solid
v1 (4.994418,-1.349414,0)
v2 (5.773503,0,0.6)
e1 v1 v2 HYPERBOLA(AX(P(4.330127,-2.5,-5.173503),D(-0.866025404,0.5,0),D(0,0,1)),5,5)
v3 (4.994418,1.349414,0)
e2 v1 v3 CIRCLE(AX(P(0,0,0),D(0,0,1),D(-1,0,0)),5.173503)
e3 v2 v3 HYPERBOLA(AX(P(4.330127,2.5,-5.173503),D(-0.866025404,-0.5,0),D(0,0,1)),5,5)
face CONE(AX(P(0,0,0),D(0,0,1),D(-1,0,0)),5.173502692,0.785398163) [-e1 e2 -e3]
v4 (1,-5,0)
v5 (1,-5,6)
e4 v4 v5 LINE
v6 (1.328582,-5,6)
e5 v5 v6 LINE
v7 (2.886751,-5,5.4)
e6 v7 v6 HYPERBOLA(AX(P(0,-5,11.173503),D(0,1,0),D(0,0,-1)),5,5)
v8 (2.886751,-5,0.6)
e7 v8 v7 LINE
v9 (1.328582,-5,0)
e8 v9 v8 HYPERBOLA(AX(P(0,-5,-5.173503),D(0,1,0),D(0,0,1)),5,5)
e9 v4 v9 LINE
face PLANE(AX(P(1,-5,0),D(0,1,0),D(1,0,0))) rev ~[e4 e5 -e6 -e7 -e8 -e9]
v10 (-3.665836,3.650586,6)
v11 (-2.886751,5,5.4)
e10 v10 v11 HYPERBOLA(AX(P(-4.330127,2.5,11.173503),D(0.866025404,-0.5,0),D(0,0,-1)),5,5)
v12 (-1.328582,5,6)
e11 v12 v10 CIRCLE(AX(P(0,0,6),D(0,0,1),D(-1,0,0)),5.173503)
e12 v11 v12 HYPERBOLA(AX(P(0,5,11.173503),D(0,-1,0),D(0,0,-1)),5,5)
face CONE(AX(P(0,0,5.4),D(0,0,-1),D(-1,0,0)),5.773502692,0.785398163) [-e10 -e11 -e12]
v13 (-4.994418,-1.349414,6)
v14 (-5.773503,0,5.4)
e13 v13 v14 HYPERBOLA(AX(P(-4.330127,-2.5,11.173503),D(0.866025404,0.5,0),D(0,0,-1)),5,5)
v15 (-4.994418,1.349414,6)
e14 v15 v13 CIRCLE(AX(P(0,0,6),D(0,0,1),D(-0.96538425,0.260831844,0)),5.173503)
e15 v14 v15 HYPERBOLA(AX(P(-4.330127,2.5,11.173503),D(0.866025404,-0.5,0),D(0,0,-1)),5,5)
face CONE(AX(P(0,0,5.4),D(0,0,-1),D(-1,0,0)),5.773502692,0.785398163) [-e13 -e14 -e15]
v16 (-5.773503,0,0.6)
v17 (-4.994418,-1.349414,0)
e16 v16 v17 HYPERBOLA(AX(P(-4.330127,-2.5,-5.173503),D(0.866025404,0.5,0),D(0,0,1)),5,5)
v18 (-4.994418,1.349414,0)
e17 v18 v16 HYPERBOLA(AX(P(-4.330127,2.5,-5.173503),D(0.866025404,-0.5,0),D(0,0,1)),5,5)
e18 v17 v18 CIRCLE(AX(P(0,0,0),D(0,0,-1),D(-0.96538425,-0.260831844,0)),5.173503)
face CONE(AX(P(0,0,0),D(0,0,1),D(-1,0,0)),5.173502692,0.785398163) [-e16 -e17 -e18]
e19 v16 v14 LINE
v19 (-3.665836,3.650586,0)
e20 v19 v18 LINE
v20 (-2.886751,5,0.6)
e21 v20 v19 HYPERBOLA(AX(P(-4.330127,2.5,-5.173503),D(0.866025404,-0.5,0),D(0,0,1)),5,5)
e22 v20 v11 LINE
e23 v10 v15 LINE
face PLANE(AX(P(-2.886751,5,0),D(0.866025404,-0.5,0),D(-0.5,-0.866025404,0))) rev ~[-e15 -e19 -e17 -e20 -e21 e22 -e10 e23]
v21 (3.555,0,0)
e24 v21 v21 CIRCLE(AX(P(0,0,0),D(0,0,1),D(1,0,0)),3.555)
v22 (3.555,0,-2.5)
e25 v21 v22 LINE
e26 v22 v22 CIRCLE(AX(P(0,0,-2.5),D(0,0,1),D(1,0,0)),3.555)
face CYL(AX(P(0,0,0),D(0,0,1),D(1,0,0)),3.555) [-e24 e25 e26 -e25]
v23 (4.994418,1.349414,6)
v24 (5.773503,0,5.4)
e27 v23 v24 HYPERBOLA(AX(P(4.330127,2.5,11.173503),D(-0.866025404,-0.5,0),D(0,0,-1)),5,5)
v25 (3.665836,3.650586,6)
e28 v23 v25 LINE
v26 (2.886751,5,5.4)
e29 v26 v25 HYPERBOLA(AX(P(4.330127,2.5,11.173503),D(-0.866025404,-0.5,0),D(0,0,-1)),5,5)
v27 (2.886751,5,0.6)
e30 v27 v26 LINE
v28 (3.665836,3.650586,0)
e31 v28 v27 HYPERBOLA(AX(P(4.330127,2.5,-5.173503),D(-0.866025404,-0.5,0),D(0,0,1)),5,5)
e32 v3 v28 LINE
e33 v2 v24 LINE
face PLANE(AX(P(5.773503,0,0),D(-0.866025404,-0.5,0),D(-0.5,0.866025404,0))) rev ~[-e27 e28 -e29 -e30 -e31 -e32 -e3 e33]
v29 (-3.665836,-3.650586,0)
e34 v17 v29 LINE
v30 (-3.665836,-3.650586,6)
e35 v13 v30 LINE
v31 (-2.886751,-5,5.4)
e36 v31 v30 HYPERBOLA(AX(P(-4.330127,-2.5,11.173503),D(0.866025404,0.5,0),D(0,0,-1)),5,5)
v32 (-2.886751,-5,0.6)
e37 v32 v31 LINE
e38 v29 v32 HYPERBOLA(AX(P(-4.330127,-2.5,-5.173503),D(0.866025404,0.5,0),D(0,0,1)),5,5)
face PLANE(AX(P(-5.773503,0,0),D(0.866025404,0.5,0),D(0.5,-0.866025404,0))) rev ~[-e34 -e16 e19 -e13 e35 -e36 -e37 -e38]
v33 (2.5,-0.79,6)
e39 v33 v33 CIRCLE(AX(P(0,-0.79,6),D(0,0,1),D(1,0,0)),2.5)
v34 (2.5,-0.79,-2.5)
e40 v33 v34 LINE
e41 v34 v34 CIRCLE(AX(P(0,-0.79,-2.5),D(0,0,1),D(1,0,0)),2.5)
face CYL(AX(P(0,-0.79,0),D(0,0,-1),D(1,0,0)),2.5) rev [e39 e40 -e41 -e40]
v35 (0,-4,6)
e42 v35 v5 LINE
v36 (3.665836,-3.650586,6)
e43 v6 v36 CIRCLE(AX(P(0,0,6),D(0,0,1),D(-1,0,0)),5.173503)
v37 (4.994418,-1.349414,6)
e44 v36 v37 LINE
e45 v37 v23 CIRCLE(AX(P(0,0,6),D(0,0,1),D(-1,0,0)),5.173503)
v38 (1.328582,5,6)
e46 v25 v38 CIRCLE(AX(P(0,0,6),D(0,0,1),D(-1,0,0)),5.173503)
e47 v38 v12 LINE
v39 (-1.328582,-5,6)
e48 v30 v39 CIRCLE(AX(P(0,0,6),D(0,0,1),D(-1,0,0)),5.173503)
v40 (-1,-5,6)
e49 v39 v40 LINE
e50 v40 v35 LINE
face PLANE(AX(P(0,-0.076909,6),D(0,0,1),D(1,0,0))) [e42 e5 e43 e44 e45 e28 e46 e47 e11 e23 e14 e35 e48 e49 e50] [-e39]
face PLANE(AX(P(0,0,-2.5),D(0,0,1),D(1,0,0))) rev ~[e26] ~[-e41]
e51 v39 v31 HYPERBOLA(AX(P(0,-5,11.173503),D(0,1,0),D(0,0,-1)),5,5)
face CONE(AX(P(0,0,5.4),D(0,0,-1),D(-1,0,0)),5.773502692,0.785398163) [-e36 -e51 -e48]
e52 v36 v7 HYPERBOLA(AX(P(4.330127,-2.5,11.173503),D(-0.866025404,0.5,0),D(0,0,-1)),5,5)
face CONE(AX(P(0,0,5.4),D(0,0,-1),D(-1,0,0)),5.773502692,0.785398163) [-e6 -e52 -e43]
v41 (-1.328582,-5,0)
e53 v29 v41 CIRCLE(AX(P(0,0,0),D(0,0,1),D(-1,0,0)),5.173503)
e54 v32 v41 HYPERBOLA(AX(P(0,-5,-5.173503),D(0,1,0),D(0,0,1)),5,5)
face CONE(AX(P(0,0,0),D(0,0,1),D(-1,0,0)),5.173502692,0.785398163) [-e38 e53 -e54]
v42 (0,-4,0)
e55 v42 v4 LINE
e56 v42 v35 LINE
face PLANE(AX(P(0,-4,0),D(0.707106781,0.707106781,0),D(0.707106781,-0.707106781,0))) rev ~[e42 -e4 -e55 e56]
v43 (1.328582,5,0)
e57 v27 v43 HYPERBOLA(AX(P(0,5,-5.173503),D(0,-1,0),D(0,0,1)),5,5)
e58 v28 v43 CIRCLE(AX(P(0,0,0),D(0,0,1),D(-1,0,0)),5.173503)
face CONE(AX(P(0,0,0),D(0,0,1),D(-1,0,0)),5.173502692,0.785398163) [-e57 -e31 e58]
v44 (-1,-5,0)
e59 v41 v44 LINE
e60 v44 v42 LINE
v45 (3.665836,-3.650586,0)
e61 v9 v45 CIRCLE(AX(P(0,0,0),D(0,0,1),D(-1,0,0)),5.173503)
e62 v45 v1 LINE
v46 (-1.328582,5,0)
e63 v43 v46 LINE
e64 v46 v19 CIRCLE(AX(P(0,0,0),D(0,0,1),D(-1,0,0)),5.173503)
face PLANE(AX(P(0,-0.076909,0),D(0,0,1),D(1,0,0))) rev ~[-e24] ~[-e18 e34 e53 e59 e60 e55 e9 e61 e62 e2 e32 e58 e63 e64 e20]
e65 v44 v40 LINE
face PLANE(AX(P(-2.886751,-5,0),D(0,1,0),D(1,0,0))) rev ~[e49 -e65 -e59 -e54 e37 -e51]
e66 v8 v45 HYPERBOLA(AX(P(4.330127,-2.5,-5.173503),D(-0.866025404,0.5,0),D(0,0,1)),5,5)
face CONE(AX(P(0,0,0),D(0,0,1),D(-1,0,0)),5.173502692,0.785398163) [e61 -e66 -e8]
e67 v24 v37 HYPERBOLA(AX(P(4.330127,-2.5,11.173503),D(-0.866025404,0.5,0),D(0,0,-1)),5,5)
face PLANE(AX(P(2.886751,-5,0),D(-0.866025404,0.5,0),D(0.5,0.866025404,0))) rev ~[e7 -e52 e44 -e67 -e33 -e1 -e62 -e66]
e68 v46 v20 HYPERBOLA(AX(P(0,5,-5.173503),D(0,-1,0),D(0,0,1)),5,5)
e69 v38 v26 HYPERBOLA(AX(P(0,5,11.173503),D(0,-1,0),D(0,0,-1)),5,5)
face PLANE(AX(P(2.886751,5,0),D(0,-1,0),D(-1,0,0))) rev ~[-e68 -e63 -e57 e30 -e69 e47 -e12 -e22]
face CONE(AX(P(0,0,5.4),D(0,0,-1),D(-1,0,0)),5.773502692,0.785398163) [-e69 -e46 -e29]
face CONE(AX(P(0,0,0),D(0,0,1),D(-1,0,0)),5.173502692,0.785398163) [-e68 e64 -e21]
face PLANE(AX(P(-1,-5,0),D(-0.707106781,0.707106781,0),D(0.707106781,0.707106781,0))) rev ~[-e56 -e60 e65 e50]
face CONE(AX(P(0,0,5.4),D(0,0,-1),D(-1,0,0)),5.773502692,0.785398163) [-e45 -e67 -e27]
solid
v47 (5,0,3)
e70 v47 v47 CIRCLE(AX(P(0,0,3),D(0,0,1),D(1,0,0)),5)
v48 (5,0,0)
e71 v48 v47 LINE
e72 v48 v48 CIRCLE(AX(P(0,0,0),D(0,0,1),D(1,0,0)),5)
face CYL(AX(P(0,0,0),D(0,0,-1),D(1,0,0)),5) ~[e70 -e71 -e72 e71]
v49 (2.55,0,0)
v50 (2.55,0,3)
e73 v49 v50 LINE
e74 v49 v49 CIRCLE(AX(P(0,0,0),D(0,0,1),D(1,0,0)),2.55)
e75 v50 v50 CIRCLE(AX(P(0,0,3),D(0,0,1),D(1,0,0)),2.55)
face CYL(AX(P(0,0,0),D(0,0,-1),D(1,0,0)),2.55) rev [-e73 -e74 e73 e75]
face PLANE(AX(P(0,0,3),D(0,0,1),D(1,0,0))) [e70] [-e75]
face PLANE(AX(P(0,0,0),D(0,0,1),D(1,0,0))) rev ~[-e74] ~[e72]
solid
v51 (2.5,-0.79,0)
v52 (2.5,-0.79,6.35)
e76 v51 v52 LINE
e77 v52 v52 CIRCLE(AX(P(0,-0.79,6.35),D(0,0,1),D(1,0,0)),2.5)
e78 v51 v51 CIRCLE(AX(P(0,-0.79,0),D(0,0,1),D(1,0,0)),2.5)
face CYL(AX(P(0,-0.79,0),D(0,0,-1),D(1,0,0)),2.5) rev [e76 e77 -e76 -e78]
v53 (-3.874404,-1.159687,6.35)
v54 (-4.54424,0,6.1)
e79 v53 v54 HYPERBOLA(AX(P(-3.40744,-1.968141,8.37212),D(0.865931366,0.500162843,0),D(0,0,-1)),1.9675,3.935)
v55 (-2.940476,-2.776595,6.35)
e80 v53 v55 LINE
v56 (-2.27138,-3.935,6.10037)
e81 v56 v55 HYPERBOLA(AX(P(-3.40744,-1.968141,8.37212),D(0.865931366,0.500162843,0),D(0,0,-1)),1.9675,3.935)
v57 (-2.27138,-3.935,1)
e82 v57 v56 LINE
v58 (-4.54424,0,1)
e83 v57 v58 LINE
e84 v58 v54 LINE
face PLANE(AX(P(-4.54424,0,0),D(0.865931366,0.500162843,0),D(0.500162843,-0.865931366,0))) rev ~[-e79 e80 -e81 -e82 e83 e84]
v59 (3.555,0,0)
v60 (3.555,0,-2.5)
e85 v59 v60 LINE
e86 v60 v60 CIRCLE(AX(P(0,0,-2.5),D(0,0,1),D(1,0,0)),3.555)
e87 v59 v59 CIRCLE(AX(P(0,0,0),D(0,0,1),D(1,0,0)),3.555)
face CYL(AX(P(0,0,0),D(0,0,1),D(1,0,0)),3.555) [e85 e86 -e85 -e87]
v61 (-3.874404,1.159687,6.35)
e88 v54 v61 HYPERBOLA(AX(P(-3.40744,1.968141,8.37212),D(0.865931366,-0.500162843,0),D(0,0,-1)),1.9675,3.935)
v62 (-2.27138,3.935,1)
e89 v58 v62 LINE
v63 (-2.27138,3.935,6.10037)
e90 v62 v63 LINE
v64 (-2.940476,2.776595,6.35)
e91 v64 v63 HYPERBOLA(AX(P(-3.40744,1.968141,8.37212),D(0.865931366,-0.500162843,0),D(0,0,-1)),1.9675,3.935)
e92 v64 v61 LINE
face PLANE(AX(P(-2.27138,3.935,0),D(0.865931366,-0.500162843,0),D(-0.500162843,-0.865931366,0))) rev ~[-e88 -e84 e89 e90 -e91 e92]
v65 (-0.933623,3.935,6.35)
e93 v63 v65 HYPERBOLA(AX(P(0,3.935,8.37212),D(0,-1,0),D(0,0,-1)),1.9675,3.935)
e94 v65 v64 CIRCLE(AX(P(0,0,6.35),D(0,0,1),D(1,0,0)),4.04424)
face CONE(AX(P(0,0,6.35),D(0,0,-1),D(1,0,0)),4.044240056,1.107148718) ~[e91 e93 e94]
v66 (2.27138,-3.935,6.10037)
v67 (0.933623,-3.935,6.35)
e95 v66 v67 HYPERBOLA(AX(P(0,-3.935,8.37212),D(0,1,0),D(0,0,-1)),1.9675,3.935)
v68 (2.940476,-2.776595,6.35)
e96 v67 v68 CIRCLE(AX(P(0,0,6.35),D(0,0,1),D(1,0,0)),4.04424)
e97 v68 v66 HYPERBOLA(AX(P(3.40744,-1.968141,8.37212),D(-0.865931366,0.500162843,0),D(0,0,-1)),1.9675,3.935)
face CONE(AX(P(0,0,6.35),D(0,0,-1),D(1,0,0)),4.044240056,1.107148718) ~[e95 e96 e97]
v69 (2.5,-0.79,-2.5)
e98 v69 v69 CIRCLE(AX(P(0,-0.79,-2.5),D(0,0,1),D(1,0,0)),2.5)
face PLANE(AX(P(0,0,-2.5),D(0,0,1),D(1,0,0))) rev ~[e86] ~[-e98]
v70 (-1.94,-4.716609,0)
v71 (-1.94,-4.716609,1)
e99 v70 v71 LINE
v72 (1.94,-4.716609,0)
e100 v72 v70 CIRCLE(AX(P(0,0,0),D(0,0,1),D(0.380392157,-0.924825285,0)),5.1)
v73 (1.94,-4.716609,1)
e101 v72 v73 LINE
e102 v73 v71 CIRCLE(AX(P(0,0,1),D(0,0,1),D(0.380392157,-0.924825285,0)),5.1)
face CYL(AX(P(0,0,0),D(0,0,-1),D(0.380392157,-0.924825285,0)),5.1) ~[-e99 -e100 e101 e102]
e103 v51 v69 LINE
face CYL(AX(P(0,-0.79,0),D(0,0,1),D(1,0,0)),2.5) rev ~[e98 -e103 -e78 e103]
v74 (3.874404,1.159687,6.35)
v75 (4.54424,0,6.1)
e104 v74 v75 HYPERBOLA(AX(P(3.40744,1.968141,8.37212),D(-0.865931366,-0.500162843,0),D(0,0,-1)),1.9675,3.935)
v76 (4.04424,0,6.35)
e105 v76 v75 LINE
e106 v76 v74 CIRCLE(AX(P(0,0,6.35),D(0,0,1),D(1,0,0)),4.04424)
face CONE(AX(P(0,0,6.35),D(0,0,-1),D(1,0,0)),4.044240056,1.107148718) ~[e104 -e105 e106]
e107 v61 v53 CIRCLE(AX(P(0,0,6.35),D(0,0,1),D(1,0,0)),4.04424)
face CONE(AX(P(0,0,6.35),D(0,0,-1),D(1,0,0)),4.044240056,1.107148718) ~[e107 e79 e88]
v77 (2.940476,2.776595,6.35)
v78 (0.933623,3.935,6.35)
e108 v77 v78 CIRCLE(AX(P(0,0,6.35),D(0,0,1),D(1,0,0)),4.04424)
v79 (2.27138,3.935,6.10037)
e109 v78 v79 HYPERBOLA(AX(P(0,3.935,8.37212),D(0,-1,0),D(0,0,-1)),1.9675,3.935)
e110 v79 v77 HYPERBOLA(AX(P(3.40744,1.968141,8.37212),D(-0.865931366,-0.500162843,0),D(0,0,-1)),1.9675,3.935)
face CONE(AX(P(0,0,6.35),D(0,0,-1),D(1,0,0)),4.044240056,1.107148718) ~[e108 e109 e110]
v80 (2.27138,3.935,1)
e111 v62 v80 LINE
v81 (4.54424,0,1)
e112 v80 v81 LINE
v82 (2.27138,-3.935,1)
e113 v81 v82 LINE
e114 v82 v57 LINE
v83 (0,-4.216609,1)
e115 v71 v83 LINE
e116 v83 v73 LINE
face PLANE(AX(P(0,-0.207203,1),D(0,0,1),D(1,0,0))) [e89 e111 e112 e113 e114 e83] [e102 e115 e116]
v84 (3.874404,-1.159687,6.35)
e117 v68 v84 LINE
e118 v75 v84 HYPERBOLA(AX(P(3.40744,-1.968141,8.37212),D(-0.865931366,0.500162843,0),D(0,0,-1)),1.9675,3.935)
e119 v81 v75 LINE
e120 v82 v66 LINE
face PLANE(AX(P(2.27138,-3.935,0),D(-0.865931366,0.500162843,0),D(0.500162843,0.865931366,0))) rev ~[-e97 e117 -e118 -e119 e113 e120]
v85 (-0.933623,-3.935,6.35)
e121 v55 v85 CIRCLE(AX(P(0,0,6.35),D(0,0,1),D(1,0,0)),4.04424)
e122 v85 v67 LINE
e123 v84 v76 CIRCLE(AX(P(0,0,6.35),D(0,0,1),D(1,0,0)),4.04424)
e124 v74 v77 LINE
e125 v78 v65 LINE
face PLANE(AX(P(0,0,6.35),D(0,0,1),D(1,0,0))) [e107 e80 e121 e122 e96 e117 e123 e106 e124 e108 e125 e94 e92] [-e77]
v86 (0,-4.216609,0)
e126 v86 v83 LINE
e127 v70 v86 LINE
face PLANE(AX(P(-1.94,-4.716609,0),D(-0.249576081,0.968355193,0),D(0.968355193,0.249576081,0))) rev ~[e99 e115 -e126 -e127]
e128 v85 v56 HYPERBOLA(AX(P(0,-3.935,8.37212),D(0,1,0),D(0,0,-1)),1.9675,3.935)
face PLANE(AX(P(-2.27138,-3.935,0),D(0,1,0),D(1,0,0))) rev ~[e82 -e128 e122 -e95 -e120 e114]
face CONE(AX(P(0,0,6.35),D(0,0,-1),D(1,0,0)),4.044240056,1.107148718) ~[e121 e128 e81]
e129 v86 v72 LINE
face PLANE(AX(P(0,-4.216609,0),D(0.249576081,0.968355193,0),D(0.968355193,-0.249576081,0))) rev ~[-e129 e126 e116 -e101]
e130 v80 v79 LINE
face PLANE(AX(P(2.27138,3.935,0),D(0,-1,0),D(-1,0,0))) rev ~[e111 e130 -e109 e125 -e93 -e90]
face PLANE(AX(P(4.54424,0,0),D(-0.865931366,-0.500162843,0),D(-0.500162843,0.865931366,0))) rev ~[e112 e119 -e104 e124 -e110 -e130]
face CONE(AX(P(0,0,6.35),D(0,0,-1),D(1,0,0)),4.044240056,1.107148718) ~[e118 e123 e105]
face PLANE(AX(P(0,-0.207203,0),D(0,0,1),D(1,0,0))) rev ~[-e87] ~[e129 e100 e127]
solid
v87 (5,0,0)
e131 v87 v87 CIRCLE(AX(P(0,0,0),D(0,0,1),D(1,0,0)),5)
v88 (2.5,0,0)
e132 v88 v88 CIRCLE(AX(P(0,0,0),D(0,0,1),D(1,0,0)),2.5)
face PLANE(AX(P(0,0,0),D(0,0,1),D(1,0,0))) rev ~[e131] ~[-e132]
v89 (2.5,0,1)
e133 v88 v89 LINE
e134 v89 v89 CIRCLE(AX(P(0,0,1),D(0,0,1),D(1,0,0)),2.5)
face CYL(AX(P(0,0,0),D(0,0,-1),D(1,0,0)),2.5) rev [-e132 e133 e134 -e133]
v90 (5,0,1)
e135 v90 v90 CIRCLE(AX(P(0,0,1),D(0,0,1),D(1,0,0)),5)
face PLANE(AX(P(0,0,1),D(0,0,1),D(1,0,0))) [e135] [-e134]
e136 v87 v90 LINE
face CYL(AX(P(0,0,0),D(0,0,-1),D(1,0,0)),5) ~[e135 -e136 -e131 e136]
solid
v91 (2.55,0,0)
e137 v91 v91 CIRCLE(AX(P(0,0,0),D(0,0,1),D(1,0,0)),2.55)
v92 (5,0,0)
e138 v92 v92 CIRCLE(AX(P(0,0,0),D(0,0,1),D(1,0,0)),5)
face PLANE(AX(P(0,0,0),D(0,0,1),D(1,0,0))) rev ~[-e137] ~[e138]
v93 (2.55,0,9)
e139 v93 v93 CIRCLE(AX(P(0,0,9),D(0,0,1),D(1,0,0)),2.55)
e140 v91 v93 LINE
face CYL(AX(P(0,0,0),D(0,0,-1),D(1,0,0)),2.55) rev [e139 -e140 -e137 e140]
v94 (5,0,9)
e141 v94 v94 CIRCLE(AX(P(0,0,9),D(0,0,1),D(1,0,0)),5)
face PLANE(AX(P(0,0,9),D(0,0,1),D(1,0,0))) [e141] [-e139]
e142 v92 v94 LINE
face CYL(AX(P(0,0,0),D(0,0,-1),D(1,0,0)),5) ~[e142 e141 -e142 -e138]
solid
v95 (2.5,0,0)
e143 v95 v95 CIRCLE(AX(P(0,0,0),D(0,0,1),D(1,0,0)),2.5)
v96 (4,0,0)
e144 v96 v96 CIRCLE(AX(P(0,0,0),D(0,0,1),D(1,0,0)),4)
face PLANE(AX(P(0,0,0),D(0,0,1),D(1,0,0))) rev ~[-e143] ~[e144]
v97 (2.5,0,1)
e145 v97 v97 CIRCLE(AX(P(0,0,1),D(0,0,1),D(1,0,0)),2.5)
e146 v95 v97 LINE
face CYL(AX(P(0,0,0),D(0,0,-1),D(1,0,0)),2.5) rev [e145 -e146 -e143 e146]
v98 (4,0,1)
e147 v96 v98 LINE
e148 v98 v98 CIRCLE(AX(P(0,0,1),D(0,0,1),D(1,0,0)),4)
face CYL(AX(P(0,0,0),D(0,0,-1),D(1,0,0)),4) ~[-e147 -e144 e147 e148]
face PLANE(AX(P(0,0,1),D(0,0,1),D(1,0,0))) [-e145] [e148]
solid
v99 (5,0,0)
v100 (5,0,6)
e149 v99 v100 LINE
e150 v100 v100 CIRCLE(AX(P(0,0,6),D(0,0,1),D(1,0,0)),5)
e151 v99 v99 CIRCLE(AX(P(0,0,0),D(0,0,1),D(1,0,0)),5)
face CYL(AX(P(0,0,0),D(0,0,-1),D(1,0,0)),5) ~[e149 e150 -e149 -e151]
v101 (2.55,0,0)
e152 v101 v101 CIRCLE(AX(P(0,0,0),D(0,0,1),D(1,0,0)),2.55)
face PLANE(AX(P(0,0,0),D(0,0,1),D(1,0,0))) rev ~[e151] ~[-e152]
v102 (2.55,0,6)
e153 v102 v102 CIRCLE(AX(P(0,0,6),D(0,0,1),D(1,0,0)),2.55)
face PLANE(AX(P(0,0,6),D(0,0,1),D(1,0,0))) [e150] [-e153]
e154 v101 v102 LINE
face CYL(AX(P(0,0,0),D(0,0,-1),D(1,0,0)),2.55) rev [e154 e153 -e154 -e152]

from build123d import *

# Parameters (mm, degrees)
F0_R      = 3.555
F0_R_2    = 2.5
F1_DEPTH  = 6.35
F2_DEPTH  = 1
F3_DEPTH  = 2.5
F6_R      = 3.555
F6_R_2    = 2.5
F7_DEPTH  = 2.5
F8_DEPTH  = 6
F11_R     = 5
F11_R_2   = 4
F11_R_3   = 2.5
F12_DEPTH = 1
F13_DEPTH = 1
F14_R     = 5
F14_R_2   = 2.55
F15_DEPTH = 6
F16_DEPTH = 3
F17_DEPTH = 9


with BuildPart() as f1:
    # F0 (on Top) → F1 (new body)
    with BuildSketch(Plane.XY):
        Polygon((2.2713800321, 3.935), (-2.2713800321, 3.935), (-4.5442400564, 0), (-2.2713800321, -3.935), (2.2713800321, -3.935), (4.5442400564, 0), align=None)
        Circle(F0_R, mode=Mode.SUBTRACT)
        Circle(F0_R)
        with Locations((0, -0.79)):
            Circle(F0_R_2, mode=Mode.SUBTRACT)
    extrude(amount=F1_DEPTH)

    # F0 (on Top) → F2 (join)
    with BuildSketch(Plane.XY):
        with BuildLine():
            Line((0, -4.2166089514), (1.94, -4.7166089514))
            ThreePointArc((1.94, -4.7166089514), (0, 5.1), (-1.94, -4.7166089514))
            Line((-1.94, -4.7166089514), (0, -4.2166089514))
        make_face()
        Polygon((-4.5442400564, 0), (-2.2713800321, 3.935), (2.2713800321, 3.935), (4.5442400564, 0), (2.2713800321, -3.935), (-2.2713800321, -3.935), align=None, mode=Mode.SUBTRACT)
    extrude(amount=F2_DEPTH)

    # F0 (on Top) → F3 (join)
    with BuildSketch(Plane.XY):
        Circle(F0_R)
        with Locations((0, -0.79)):
            Circle(F0_R_2, mode=Mode.SUBTRACT)
    extrude(amount=-F3_DEPTH)

    # F4 (on Front) → F5 (revolve, cut)
    with BuildSketch(Plane.XZ):
        Polygon((4.5442400564, 6.1), (4.5442400564, 6.35), (4.0442400564, 6.35), align=None)
    revolve(axis=Axis((0, 0, 3.175), (0, 0, 1)), mode=Mode.SUBTRACT)


with BuildPart() as f7:
    # F6 (on Top) → F7 (new body)
    with BuildSketch(Plane.XY):
        Circle(F6_R)
        with Locations((0, -0.79)):
            Circle(F6_R_2, mode=Mode.SUBTRACT)
    extrude(amount=-F7_DEPTH)

    # F6 (on Top) → F8 (join)
    with BuildSketch(Plane.XY):
        Polygon((2.8867513459, 5), (-2.8867513459, 5), (-5.7735026919, 0), (-2.8867513459, -5), (-1, -5), (0, -4), (1, -5), (2.8867513459, -5), (5.7735026919, 0), align=None)
        Circle(F6_R, mode=Mode.SUBTRACT)
        Circle(F6_R)
        with Locations((0, -0.79)):
            Circle(F6_R_2, mode=Mode.SUBTRACT)
    extrude(amount=F8_DEPTH)

    # F9 (on Front) → F10 (revolve, cut)
    with BuildSketch(Plane.XZ):
        Polygon((-5.1735026919, 6), (-5.7735026919, 6), (-5.7735026919, 5.4), align=None)
        Polygon((-5.1735026919, 0), (-5.7735026919, 0.6), (-5.7735026919, 0), align=None)
    revolve(axis=Axis((0, 0, 1), (0, 0, 1)), mode=Mode.SUBTRACT)


with BuildPart() as f12:
    # F11 (on Top) → F12 (new body)
    with BuildSketch(Plane.XY):
        Circle(F11_R)
        Circle(F11_R_2, mode=Mode.SUBTRACT)
        Circle(F11_R_2)
        Circle(F11_R_3, mode=Mode.SUBTRACT)
    extrude(amount=F12_DEPTH)


with BuildPart() as f13:
    # F11 (on Top) → F13 (new body)
    with BuildSketch(Plane.XY):
        Circle(F11_R_2)
        Circle(F11_R_3, mode=Mode.SUBTRACT)
    extrude(amount=F13_DEPTH)


with BuildPart() as f15:
    # F14 (on Top) → F15 (new body)
    with BuildSketch(Plane.XY):
        Circle(F14_R)
        Circle(F14_R_2, mode=Mode.SUBTRACT)
    extrude(amount=F15_DEPTH)


with BuildPart() as f16:
    # F14 (on Top) → F16 (new body)
    with BuildSketch(Plane.XY):
        Circle(F14_R)
        Circle(F14_R_2, mode=Mode.SUBTRACT)
    extrude(amount=F16_DEPTH)


with BuildPart() as f17:
    # F14 (on Top) → F17 (new body)
    with BuildSketch(Plane.XY):
        Circle(F14_R)
        Circle(F14_R_2, mode=Mode.SUBTRACT)
    extrude(amount=F17_DEPTH)


solid = Compound([f1.part, f7.part, f12.part, f13.part, f15.part, f16.part, f17.part])
